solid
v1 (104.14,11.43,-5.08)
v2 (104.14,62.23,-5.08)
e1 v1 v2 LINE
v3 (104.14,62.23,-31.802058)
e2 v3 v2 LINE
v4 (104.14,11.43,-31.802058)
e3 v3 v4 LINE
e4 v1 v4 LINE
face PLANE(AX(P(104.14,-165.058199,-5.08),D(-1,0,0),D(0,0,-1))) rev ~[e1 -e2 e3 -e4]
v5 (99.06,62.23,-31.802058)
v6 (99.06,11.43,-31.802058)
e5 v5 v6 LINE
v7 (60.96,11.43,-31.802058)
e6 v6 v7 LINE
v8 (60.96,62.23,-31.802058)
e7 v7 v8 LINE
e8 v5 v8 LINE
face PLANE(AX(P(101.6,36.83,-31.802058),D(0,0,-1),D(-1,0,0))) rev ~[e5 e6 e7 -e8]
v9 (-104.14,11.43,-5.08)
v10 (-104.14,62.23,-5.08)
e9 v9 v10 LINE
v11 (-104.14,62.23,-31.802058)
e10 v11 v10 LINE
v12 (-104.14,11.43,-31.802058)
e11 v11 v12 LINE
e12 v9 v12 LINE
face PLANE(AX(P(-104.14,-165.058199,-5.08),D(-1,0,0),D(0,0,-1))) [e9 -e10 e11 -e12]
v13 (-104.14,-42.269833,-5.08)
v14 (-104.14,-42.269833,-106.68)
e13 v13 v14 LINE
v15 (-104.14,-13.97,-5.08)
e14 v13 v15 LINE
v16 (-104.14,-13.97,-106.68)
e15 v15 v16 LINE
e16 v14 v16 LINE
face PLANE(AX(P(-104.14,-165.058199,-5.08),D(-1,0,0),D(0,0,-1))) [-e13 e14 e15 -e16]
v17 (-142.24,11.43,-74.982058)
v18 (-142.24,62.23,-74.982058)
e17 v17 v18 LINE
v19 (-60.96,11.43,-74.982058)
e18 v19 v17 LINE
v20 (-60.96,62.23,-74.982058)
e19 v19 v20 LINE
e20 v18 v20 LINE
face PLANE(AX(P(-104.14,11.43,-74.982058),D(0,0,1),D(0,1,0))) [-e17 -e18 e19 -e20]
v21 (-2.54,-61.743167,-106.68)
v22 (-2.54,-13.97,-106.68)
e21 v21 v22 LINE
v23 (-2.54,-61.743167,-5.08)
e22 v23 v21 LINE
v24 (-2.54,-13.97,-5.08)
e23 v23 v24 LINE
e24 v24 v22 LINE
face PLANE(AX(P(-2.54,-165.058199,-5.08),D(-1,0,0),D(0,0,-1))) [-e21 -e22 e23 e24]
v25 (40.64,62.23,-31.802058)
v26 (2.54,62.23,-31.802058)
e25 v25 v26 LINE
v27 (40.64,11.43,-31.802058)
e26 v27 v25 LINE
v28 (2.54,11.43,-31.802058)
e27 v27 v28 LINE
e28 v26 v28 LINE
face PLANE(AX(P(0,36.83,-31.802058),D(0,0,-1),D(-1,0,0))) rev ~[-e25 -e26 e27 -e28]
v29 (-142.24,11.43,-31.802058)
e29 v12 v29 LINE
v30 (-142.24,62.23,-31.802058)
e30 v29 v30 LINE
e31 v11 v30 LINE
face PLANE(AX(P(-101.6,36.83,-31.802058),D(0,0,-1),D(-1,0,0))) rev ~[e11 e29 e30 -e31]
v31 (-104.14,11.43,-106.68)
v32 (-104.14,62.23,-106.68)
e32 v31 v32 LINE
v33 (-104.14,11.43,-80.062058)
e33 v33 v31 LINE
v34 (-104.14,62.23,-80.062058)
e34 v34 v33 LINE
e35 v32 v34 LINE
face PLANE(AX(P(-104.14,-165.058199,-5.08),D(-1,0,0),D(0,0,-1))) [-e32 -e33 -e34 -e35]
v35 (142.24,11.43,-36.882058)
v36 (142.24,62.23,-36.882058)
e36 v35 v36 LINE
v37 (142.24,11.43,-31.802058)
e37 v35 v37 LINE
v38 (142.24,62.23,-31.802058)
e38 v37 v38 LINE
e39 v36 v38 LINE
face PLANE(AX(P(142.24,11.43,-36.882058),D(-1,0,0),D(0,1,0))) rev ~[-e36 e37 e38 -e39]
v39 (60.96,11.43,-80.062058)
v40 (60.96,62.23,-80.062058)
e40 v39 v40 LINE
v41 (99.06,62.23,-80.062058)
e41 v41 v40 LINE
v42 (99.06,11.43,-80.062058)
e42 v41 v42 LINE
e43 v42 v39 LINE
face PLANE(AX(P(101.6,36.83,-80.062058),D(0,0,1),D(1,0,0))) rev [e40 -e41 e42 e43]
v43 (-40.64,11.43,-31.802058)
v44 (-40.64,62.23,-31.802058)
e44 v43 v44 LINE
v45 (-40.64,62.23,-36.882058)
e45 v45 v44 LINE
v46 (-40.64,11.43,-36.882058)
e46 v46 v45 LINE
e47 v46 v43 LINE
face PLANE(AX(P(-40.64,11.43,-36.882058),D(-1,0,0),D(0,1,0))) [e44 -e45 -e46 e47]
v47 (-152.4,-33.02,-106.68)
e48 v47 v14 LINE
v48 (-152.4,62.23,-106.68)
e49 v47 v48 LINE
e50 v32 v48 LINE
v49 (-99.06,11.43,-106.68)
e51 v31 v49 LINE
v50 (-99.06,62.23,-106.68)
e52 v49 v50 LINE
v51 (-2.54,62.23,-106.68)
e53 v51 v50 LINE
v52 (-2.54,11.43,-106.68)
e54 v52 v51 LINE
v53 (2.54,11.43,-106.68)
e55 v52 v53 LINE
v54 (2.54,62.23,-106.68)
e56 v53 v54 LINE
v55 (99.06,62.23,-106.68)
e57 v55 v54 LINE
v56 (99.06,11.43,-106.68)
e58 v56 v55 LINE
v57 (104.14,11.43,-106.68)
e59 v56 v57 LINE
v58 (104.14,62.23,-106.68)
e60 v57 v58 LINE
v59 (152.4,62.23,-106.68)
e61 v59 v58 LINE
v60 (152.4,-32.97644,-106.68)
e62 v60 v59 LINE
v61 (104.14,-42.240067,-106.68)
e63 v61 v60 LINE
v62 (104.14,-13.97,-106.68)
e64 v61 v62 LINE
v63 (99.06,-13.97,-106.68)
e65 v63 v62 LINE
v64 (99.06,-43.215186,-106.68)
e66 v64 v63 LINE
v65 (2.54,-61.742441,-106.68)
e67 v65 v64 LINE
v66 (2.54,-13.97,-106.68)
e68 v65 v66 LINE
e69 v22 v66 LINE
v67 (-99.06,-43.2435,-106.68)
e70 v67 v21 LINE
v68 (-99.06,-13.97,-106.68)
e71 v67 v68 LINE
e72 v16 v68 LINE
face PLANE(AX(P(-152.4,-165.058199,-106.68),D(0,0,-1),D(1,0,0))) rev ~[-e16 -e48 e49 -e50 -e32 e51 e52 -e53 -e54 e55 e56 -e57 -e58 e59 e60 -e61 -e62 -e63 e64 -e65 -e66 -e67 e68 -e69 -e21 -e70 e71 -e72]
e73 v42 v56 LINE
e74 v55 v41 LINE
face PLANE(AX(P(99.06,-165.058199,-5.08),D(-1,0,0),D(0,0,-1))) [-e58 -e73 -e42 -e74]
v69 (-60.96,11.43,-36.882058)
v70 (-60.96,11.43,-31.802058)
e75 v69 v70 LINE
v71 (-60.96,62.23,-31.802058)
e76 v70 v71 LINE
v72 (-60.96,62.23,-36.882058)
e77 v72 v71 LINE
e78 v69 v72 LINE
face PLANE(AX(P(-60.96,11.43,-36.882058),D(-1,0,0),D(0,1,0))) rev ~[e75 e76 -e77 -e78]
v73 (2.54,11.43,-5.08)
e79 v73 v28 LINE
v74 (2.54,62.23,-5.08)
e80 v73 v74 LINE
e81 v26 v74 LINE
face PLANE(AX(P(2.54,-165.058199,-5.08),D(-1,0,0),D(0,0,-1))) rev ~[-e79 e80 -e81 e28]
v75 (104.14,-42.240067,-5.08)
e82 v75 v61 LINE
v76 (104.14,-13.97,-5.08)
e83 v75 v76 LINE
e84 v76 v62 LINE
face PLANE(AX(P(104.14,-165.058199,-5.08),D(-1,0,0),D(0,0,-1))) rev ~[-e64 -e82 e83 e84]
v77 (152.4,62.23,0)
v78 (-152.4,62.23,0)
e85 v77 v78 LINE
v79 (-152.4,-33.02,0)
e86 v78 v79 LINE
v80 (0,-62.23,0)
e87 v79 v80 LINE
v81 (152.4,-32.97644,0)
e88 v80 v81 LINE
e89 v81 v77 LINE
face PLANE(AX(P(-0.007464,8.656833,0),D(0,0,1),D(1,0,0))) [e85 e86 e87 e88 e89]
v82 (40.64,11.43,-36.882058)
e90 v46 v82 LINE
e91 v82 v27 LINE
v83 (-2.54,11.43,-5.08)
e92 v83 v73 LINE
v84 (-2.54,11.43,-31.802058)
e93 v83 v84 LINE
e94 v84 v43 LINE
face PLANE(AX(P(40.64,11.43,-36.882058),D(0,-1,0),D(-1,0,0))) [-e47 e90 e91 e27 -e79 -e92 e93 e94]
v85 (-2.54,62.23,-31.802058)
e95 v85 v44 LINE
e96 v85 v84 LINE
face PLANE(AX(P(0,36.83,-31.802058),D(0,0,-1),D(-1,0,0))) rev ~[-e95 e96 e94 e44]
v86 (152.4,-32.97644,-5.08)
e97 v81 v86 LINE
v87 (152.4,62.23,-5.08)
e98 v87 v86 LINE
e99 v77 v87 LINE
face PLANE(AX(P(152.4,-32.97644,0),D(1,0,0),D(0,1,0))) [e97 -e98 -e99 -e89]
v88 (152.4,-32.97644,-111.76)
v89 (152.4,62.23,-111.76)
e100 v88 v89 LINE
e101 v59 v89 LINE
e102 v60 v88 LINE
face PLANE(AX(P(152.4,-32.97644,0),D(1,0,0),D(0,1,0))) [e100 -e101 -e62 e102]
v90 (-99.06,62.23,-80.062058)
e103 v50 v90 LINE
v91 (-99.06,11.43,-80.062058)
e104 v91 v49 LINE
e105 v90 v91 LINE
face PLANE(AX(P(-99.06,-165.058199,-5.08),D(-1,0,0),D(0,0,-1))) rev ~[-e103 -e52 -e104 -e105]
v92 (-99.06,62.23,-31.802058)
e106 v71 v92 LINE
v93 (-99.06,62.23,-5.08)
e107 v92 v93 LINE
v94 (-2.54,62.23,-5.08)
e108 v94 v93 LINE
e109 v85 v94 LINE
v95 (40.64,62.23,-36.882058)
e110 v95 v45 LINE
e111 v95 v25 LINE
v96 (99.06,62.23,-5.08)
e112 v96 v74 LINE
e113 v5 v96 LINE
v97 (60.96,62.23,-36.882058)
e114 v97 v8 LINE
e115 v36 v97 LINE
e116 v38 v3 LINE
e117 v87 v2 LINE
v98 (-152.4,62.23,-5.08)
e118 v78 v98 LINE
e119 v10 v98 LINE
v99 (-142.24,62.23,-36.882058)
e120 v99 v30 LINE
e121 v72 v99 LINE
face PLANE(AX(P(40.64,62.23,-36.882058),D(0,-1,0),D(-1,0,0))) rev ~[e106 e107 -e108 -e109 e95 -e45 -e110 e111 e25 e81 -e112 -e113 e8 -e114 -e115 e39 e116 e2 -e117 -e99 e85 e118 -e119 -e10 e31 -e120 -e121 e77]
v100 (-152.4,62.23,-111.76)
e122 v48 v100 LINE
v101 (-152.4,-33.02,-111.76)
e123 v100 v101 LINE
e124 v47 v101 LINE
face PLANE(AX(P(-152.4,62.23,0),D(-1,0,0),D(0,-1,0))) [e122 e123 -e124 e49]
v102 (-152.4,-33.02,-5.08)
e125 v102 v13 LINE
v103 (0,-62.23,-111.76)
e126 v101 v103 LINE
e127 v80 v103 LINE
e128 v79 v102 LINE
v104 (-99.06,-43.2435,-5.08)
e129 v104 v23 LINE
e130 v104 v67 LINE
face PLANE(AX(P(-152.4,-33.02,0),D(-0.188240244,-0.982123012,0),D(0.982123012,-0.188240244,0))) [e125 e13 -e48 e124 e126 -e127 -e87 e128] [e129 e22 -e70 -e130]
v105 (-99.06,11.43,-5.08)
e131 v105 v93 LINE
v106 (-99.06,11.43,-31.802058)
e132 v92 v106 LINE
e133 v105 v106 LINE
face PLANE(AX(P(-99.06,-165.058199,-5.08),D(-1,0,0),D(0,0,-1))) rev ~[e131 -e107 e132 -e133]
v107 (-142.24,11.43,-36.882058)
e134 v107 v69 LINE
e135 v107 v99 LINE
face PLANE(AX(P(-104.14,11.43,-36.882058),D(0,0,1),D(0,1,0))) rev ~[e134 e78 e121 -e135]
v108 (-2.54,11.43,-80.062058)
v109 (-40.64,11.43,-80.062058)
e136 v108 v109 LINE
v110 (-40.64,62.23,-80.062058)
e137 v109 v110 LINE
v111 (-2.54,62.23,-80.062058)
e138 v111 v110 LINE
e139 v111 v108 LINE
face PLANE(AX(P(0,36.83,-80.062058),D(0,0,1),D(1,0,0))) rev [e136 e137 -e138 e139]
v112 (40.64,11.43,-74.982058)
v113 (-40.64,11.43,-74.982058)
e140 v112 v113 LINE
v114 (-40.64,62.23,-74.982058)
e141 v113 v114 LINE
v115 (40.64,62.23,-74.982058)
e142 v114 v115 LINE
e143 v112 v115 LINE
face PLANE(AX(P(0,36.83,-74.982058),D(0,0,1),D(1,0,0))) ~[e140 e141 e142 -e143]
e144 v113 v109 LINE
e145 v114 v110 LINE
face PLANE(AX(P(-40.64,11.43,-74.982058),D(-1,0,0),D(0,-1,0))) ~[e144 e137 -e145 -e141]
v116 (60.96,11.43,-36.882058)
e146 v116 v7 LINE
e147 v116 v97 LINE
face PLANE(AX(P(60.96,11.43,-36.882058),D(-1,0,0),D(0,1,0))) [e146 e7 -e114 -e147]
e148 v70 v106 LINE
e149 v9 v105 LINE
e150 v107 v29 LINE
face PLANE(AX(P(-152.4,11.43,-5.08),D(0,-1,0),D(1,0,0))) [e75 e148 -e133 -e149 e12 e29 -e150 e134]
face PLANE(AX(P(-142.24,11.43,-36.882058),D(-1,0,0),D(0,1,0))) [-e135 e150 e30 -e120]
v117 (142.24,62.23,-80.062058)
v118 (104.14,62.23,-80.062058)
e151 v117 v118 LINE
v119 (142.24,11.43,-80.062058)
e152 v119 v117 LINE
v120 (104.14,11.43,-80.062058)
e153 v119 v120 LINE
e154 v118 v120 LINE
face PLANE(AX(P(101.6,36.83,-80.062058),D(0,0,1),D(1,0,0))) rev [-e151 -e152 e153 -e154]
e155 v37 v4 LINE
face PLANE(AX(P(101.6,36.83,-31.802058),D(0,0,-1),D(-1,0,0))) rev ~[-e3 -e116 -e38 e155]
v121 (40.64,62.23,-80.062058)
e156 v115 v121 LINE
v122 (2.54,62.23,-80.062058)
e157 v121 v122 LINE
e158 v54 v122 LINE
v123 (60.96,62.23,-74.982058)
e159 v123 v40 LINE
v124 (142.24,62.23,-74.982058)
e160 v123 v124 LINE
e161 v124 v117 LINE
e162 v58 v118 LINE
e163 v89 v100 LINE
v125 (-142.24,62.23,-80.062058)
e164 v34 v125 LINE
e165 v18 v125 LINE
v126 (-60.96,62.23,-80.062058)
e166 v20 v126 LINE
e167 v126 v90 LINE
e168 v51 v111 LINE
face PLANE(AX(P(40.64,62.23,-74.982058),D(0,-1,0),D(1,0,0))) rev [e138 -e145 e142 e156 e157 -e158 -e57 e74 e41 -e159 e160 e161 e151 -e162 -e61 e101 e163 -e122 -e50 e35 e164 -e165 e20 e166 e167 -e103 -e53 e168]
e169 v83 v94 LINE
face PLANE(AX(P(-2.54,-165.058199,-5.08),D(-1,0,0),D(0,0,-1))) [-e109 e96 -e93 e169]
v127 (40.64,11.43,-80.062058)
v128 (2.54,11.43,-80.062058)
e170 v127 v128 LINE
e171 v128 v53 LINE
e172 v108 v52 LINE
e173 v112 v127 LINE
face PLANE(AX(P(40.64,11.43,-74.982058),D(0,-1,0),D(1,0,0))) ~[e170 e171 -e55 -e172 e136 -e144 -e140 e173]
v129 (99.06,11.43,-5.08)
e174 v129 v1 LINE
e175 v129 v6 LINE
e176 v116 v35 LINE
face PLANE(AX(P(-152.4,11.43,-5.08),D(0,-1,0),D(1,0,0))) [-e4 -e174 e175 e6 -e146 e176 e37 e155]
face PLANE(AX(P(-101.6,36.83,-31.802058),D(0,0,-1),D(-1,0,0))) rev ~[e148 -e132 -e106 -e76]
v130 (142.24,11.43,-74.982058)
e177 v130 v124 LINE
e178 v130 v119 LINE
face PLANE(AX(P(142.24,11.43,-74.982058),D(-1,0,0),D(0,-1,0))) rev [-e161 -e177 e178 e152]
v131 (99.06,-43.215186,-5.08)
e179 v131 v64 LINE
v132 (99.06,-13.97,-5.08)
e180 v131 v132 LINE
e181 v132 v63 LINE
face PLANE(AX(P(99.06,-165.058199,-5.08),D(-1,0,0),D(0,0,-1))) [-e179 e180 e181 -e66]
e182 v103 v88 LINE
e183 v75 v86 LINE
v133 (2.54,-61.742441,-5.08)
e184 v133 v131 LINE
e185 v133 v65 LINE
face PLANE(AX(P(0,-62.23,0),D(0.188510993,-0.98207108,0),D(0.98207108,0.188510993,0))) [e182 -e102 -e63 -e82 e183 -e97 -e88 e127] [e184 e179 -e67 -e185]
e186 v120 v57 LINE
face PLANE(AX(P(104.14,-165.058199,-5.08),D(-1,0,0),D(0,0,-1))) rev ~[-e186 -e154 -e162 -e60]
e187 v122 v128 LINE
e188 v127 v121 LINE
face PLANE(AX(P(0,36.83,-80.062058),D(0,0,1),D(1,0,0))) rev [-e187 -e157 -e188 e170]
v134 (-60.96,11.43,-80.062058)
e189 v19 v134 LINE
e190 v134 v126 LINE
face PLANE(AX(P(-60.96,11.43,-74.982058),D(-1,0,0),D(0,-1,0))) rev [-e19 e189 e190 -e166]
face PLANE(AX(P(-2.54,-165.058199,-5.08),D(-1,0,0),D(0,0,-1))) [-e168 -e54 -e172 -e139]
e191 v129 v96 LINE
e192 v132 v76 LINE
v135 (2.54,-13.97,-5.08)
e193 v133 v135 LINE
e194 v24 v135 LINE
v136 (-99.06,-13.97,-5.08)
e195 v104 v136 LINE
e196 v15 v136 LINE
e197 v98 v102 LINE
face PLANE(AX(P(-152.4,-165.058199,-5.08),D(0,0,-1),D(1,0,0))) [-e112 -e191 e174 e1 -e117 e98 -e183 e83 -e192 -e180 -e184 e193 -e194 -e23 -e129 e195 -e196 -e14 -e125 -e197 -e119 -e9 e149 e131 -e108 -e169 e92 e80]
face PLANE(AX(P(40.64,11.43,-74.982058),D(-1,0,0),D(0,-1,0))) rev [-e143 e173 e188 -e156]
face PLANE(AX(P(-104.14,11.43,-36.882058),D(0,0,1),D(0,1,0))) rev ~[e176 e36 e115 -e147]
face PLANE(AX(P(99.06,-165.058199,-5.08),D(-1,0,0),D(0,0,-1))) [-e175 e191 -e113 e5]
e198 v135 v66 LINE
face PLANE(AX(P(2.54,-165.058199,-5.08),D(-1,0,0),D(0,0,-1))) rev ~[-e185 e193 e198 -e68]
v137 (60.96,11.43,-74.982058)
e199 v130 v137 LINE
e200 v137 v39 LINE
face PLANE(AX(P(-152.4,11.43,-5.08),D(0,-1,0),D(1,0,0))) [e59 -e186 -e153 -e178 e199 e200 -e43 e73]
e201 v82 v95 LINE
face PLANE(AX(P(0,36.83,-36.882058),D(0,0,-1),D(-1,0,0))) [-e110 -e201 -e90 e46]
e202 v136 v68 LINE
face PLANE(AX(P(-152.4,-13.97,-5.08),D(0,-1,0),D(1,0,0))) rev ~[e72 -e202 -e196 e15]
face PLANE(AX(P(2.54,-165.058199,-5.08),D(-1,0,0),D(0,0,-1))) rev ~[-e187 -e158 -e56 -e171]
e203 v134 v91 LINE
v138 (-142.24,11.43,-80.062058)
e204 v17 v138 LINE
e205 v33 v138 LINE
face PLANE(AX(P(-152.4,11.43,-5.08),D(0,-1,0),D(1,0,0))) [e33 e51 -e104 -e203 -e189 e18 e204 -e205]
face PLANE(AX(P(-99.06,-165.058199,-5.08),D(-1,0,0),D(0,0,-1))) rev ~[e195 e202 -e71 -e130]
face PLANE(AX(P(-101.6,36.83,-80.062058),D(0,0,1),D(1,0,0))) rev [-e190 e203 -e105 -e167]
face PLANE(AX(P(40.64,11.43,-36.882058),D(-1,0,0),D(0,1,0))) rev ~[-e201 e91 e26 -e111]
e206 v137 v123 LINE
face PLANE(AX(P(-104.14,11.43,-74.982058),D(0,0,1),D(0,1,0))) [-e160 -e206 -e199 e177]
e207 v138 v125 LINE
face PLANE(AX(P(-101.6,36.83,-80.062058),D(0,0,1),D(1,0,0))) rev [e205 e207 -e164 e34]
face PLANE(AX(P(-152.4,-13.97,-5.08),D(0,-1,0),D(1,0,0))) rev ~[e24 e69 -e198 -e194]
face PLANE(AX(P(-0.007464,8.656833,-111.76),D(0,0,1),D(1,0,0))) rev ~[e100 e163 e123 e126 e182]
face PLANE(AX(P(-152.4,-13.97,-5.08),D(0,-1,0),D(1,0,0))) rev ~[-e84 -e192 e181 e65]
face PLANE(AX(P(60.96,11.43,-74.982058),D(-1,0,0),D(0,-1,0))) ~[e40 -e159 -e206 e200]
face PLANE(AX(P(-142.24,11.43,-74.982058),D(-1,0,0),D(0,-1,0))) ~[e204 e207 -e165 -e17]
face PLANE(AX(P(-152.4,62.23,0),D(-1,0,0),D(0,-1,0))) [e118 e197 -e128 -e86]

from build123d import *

# Parameters (mm, degrees)
BOSS_EXTRUDE1_DEPTH     = 111.76
SKETCH5_W               = 304.8
SKETCH5_H               = 25.4
CUT_EXTRUDE3_DEPTH      = 101.6
CUT_EXTRUDE4_DEPTH      = 227.288199427
CUT_EXTRUDE4_DEPTH_BACK = 227.288199427
SKETCH3_W               = 96.52
SKETCH3_H               = 101.6
SKETCH3_W_2             = 48.26
CUT_EXTRUDE5_REACH      = 288.663
SKETCH6_W               = 38.1
SKETCH6_H               = 50.8
SKETCH7_W               = 81.28
SKETCH7_H               = 50.8
BOSS_EXTRUDE2_DEPTH     = 5.08


with BuildPart() as part:
    # Sketch1 → Boss-Extrude1 (new body)
    with BuildSketch(Plane.XY):
        Polygon((-152.4, 62.23), (-152.4, -33.02), (0, -62.23), (152.4, -32.976439839), (152.4, 62.23), align=None)
    extrude(amount=-BOSS_EXTRUDE1_DEPTH)

    # Sketch5 → Cut-Extrude3 (cut)
    with BuildSketch(Plane.XY.offset(-5.08)):
        with Locations((0, -1.27)):
            Rectangle(SKETCH5_W, SKETCH5_H)
    extrude(amount=-CUT_EXTRUDE3_DEPTH, mode=Mode.SUBTRACT)

    # Sketch3 → Cut-Extrude4 (cut, two sides: drawn at the far end of the back side and taken through both)
    with BuildSketch(Plane(origin=(0, 62.23, 0), x_dir=(1, 0, 0), z_dir=(0, 1, 0)).offset(-CUT_EXTRUDE4_DEPTH_BACK)):
        with Locations((-50.8, 55.88)):
            Rectangle(SKETCH3_W, SKETCH3_H)
        with Locations((50.8, 55.88)):
            Rectangle(SKETCH3_W, SKETCH3_H)
        with Locations((-128.27, 55.88)):
            Rectangle(SKETCH3_W_2, SKETCH3_H)
        with Locations((128.27, 55.88)):
            Rectangle(SKETCH3_W_2, SKETCH3_H)
    extrude(amount=CUT_EXTRUDE4_DEPTH + CUT_EXTRUDE4_DEPTH_BACK, mode=Mode.SUBTRACT)

    # Cut-Extrude5: up to this face of the body (flat: up to its plane)
    cut_extrude5_end = Plane(part.part.faces().sort_by_distance((104.14, 36.83, -55.88))[0])
    # Sketch6 → Cut-Extrude5 (cut, up to the picked face)
    with BuildSketch(Plane.ZY.offset(104.14), mode=Mode.PRIVATE) as cut_extrude5_sk1:
        with Locations((-55.932057734, 36.83)):
            Rectangle(SKETCH6_W, SKETCH6_H)
    cut_extrude5_tool1 = split(extrude(cut_extrude5_sk1.sketch, amount=-CUT_EXTRUDE5_REACH, mode=Mode.PRIVATE), bisect_by=cut_extrude5_end, keep=Keep.BOTH, mode=Mode.PRIVATE)
    add(cut_extrude5_tool1.solids().sort_by(Axis((-104.14, 36.83, -55.932058), (1, 0, 0)))[0], mode=Mode.SUBTRACT)

    # Sketch7 → Boss-Extrude2 (add)
    with BuildSketch(Plane(origin=(0, 0, -36.882057734), x_dir=(-1, 0, 0), z_dir=(0, 0, -1))):
        with Locations((0, 36.83)):
            Rectangle(SKETCH7_W, SKETCH7_H)
        with Locations((101.6, 36.83)):
            Rectangle(SKETCH7_W, SKETCH7_H)
        with Locations((-101.6, 36.83)):
            Rectangle(SKETCH7_W, SKETCH7_H)
    boss_extrude2 = extrude(amount=-BOSS_EXTRUDE2_DEPTH)

    # Mirror1: Boss-Extrude2 across plane
    add(boss_extrude2.mirror(Plane(origin=(0, 0, -55.932057734), x_dir=(1, 0, 0), z_dir=(0, 0, -1))))


solid = part.part
